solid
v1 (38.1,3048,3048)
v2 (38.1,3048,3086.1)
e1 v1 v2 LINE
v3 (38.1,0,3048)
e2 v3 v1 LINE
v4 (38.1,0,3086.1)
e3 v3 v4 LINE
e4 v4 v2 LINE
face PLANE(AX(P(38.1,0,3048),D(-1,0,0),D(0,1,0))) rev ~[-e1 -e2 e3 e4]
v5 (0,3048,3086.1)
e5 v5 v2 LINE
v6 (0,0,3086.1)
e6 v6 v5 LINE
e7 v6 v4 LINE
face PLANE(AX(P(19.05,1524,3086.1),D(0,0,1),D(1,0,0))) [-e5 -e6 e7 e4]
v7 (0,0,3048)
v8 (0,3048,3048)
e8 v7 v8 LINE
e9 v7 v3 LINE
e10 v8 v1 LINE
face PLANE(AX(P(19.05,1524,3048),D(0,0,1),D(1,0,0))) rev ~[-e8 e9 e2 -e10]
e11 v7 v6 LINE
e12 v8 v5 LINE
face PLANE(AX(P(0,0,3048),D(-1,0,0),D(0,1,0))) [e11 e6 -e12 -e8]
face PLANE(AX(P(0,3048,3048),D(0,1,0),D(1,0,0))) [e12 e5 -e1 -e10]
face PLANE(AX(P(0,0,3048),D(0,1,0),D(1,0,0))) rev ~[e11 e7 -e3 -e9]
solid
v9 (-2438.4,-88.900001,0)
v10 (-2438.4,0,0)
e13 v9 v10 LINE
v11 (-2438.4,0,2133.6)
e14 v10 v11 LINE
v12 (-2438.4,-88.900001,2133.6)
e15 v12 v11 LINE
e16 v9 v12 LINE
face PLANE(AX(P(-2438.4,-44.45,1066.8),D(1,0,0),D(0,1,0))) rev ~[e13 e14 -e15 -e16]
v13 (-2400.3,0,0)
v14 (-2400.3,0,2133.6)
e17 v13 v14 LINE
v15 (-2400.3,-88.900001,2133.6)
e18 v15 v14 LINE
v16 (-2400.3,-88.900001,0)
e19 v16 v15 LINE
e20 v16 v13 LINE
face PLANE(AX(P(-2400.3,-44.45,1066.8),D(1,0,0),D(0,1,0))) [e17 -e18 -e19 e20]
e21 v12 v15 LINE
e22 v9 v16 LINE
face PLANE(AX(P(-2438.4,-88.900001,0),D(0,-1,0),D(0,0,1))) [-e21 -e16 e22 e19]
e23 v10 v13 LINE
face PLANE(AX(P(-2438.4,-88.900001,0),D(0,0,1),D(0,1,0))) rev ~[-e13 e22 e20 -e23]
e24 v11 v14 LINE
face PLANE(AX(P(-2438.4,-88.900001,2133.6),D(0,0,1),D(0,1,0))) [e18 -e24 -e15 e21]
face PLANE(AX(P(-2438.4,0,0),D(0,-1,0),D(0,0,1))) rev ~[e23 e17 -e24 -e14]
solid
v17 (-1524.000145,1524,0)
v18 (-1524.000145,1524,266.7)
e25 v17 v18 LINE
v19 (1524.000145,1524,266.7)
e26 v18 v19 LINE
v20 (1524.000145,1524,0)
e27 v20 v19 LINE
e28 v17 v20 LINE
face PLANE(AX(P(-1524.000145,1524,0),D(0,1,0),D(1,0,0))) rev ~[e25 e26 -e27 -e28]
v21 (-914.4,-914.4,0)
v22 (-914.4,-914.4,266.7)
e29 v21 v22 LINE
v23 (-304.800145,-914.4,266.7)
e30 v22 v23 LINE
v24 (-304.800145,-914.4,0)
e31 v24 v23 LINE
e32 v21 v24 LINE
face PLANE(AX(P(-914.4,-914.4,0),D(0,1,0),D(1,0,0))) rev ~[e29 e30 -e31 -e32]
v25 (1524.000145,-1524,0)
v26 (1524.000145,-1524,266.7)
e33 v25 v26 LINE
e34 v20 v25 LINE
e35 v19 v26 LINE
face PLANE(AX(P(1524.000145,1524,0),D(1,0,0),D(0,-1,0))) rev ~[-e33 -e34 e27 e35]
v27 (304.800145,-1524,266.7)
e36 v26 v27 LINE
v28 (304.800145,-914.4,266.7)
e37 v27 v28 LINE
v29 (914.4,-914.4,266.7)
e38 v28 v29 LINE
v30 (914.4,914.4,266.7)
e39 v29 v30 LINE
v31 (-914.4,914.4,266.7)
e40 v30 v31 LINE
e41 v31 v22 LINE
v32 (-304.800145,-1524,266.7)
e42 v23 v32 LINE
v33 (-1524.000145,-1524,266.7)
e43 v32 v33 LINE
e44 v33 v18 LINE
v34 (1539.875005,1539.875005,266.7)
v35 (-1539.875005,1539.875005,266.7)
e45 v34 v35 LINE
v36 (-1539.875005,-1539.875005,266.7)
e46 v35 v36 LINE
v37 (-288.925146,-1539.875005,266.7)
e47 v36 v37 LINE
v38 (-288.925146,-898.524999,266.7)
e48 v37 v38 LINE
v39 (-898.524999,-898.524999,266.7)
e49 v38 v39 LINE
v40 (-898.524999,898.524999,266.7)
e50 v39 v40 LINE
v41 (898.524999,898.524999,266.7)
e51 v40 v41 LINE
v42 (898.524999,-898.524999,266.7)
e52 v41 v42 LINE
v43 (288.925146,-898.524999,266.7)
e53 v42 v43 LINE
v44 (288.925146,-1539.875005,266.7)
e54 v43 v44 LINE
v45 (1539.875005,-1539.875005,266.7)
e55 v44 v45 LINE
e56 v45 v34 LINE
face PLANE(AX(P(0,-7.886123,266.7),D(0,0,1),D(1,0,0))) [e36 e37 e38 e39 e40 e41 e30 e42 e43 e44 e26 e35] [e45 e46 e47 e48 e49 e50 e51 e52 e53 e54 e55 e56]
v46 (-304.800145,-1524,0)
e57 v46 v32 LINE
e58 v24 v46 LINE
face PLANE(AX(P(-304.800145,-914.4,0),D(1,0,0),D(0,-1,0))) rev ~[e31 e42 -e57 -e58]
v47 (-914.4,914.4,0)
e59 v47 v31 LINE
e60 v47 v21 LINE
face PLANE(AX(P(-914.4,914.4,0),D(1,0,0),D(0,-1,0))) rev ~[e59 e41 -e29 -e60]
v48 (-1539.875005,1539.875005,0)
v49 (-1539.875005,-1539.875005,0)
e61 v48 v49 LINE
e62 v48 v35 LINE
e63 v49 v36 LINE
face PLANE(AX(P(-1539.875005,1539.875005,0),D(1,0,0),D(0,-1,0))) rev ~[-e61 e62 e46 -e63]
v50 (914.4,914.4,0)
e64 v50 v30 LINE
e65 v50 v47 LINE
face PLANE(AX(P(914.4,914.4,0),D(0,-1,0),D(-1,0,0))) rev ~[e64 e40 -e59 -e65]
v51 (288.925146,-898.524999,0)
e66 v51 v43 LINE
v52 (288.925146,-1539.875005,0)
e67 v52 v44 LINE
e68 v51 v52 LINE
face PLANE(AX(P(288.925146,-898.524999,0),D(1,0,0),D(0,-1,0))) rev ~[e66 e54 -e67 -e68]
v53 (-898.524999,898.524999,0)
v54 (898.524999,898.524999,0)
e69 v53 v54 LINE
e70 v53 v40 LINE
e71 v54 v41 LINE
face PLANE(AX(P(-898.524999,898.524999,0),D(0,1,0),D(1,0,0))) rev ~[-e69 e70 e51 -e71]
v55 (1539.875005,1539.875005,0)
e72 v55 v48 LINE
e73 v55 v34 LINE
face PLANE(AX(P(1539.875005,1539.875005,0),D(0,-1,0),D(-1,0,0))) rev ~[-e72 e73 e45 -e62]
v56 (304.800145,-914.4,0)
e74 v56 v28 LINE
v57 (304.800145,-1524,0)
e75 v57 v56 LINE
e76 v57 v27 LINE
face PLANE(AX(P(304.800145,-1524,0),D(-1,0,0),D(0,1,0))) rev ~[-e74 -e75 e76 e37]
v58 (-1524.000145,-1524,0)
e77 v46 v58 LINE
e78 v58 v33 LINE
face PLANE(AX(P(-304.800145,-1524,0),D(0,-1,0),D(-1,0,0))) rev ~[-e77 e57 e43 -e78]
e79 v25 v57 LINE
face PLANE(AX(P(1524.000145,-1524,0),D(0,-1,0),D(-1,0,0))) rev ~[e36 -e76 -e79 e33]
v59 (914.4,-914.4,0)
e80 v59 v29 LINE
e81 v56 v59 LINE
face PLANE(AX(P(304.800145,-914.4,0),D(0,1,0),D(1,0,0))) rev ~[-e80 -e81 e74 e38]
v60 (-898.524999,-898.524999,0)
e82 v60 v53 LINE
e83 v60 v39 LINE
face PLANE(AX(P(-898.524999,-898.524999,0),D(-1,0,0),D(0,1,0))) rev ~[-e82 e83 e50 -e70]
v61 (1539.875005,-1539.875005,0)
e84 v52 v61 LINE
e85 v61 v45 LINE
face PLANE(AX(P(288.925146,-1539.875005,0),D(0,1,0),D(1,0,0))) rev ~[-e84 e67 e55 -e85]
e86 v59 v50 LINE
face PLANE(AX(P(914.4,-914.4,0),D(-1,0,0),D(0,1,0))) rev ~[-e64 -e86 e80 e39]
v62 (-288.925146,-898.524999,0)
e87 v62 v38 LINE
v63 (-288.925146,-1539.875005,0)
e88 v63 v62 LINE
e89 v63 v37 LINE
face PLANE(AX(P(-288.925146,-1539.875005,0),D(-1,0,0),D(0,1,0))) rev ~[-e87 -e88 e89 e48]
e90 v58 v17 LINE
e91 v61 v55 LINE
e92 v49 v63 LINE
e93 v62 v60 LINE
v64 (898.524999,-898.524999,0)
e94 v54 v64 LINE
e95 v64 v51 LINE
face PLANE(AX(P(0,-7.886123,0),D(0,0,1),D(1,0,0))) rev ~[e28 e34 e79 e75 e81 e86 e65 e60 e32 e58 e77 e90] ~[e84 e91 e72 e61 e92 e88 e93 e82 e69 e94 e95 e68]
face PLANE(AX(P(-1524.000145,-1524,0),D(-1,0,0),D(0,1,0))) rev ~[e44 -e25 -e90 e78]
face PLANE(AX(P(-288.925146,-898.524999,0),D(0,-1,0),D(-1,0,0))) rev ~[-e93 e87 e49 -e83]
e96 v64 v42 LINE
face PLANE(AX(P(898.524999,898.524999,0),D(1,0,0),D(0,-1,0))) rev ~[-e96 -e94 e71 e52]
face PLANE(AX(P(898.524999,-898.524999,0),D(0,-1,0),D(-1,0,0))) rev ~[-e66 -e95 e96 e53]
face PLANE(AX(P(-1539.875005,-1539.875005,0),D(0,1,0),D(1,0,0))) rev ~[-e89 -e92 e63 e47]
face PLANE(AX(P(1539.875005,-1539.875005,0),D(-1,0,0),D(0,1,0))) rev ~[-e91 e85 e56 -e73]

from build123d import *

# Parameters (mm, degrees)
F1_DEPTH = 266.7
F3_W     = 88.900001
F3_H     = 2133.6
F4_DEPTH = 38.1
F6_W     = 38.1
F6_H     = 3048
F7_DEPTH = 38.1


with BuildPart() as f1:
    # F0 (on Top) → F1 (new body)
    with BuildSketch(Plane.XY):
        Polygon((288.925146, -1539.875005), (1539.875005, -1539.875005), (1539.875005, 1539.875005), (-1539.875005, 1539.875005), (-1539.875005, -1539.875005), (-288.925146, -1539.875005), (-288.925146, -898.524999), (-898.524999, -898.524999), (-898.524999, 898.524999), (898.524999, 898.524999), (898.524999, -898.524999), (288.925146, -898.524999), align=None)
        Polygon((1524.000145, 1524), (1524.000145, -1524), (304.800145, -1524), (304.800145, -914.4), (914.4, -914.4), (914.4, 914.4), (-914.4, 914.4), (-914.4, -914.4), (-304.800145, -914.4), (-304.800145, -1524), (-1524.000145, -1524), (-1524.000145, 1524), align=None, mode=Mode.SUBTRACT)
    extrude(amount=F1_DEPTH)


with BuildPart() as f4:
    # F3 (on offset) → F4 (new body)
    with BuildSketch(Plane.YZ.offset(-2438.4)):
        with Locations((-44.45, 1066.8)):
            Rectangle(F3_W, F3_H)
    extrude(amount=F4_DEPTH)


with BuildPart() as f7:
    # F6 (on offset) → F7 (new body)
    with BuildSketch(Plane.XY.offset(3048)):
        with Locations((19.05, 1524)):
            Rectangle(F6_W, F6_H)
    extrude(amount=F7_DEPTH)


solid = Compound([f1.part, f4.part, f7.part])
